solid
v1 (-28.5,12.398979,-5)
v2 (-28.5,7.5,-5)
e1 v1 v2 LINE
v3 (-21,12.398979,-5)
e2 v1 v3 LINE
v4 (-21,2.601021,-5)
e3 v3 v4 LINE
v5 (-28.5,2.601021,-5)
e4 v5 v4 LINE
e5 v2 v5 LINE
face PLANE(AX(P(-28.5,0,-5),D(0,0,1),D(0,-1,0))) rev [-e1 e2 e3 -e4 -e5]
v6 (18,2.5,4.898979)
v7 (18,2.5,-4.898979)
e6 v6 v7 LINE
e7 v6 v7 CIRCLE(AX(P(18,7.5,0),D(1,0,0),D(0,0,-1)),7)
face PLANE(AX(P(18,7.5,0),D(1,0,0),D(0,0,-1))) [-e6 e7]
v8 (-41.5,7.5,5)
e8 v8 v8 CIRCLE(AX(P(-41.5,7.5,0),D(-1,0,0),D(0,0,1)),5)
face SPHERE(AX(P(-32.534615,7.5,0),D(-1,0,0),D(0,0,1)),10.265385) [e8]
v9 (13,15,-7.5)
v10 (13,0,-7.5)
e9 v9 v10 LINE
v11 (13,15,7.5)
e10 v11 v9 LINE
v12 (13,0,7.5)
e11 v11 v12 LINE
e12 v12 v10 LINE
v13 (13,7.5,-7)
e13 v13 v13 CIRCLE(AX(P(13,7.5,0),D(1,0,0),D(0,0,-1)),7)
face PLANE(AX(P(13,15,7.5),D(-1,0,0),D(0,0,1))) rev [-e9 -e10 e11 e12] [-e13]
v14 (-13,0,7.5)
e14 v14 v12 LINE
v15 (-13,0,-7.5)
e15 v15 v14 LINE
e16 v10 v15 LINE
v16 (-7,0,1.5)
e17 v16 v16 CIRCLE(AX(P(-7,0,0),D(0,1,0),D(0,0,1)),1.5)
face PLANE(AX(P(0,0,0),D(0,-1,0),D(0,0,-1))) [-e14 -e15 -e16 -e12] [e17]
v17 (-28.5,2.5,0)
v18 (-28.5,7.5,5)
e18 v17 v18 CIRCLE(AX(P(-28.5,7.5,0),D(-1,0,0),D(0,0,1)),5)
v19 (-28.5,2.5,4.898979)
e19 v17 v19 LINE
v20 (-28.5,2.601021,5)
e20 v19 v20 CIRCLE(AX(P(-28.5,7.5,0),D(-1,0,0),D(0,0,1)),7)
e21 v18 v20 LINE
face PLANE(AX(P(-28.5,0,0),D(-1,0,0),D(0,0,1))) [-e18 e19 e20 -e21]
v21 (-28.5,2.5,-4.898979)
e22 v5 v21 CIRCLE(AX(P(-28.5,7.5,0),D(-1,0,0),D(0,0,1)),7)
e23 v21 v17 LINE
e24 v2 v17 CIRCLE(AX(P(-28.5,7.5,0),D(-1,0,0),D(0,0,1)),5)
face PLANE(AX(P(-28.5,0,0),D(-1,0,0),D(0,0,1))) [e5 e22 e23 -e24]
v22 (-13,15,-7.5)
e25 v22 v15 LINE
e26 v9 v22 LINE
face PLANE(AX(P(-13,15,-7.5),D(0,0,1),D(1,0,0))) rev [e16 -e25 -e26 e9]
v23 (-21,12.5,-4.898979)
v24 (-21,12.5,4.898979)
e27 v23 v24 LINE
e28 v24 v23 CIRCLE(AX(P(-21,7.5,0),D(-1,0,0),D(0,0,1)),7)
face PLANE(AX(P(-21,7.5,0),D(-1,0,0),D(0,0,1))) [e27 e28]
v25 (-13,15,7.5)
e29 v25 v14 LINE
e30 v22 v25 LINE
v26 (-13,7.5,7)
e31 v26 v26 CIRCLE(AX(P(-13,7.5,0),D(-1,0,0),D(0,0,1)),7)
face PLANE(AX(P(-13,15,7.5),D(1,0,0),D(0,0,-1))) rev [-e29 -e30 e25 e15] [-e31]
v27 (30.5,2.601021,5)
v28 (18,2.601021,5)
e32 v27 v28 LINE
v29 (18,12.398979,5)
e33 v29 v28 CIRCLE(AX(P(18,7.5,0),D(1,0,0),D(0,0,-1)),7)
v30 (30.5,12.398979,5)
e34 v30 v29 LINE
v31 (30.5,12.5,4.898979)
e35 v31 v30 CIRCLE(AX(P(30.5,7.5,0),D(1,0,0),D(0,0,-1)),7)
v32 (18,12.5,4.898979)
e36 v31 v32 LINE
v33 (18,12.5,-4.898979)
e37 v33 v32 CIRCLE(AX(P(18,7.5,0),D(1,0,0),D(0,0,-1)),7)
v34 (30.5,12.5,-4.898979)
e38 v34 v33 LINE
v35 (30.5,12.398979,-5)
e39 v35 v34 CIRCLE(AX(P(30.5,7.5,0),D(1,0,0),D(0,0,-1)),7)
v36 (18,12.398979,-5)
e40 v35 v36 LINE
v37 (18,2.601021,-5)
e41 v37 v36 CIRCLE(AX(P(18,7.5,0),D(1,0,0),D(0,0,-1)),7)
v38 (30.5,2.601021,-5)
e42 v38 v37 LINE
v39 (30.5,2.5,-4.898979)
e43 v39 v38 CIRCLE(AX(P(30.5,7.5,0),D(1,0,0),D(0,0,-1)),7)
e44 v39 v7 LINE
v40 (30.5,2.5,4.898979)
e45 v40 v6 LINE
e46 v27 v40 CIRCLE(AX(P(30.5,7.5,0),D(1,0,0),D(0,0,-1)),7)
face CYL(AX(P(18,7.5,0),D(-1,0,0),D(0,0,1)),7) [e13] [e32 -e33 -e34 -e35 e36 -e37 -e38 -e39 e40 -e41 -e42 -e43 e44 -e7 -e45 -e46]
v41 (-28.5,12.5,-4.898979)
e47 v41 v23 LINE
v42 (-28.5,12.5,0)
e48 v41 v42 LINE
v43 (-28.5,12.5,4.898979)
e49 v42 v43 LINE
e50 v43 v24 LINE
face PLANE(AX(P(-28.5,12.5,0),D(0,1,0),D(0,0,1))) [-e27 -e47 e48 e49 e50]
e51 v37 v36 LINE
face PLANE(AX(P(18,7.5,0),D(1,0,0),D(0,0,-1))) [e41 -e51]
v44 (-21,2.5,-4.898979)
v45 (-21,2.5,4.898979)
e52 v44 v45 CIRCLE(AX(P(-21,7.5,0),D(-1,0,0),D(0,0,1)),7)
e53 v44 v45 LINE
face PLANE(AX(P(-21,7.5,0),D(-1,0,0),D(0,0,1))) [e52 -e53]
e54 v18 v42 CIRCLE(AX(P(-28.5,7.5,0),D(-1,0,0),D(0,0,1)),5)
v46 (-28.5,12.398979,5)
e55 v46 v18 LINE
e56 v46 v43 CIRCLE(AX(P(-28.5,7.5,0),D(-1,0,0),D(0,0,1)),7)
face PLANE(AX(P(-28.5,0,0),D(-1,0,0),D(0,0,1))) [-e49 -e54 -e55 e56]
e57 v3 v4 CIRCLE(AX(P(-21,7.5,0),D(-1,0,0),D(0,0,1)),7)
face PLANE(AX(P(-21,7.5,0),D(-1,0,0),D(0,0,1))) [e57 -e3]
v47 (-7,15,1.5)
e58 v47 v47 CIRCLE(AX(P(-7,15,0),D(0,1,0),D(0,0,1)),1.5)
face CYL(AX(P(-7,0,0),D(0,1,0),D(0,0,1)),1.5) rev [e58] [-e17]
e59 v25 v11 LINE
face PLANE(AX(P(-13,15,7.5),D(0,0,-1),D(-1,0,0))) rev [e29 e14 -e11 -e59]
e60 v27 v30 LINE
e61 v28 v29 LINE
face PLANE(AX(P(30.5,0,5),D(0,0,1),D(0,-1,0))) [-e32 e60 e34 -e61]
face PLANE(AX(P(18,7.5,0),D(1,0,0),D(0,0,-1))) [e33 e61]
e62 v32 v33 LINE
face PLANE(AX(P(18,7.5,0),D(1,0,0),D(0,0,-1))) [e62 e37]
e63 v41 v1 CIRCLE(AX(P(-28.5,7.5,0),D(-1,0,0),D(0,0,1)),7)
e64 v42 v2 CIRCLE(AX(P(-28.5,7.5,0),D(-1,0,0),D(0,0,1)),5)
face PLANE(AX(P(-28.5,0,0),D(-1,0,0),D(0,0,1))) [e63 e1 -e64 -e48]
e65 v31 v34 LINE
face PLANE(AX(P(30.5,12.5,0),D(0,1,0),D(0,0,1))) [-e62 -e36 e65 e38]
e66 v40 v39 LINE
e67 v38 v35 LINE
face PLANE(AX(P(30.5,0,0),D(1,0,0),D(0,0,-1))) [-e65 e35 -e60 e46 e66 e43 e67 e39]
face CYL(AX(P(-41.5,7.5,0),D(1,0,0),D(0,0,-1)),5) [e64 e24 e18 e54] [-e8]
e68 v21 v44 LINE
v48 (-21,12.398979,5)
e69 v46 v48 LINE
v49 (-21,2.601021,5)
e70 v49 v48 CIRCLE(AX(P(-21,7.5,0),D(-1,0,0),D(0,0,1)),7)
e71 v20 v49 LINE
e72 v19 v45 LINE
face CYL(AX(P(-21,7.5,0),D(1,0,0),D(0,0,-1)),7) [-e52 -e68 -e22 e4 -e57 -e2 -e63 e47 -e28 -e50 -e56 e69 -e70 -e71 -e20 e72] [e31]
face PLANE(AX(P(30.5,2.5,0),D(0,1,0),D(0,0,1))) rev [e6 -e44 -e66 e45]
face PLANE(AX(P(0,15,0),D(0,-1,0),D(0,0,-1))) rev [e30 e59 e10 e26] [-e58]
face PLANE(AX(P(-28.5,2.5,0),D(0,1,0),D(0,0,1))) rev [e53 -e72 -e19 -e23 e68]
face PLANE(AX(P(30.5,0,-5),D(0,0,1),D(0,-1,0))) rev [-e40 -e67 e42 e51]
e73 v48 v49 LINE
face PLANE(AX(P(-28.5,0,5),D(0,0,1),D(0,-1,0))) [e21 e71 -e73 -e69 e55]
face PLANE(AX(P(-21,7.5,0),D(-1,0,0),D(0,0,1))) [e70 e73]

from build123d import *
from build123d.topology import SkipClean

# Parameters (mm, degrees)
SKETCH1_W           = 26
SKETCH1_H           = 15
BOSS_EXTRUDE1_DEPTH = 15
SKETCH2_R           = 1.5
CUT_EXTRUDE1_DEPTH  = 22.219095174
SKETCH3_R           = 7
BOSS_EXTRUDE2_DEPTH = 8
BOSS_EXTRUDE3_DEPTH = 7.5
SKETCH5_R           = 5
BOSS_EXTRUDE4_DEPTH = 13
BOSS_EXTRUDE5_START = 5
SKETCH6_R           = 7
BOSS_EXTRUDE5_DEPTH = 5
BOSS_EXTRUDE6_START = 12.5
BOSS_EXTRUDE6_DEPTH = 12.5
DOME1_FACE_RADIUS   = 5
DOME1_HEIGHT        = 1.3


with BuildPart() as part:
    # Sketch1 → Boss-Extrude1 (new body)
    with BuildSketch(Plane(origin=(0, 0, 0), x_dir=(1, 0, 0), z_dir=(0, 1, 0))):
        Rectangle(SKETCH1_W, SKETCH1_H)
    extrude(amount=BOSS_EXTRUDE1_DEPTH)

    # Sketch2 → Cut-Extrude1 (cut, through all)
    with BuildSketch(Plane(origin=(0, 15, 0), x_dir=(1, 0, 0), z_dir=(0, 1, 0))):
        with Locations(Location((-7, 0, 0), (0, 0, 270))):
            Circle(SKETCH2_R)
    extrude(amount=-CUT_EXTRUDE1_DEPTH, mode=Mode.SUBTRACT)

    # Sketch3 → Boss-Extrude2 (add)
    with BuildSketch(Plane.ZY.offset(13)):
        with Locations((0, 7.5)):
            Circle(SKETCH3_R)
    extrude(amount=BOSS_EXTRUDE2_DEPTH)

    # Sketch4 → Boss-Extrude3 (add)
    with BuildSketch(Plane.ZY.offset(21)):
        with BuildLine():
            Line((4.898979486, 12.5), (-4.898979486, 12.5))
            ThreePointArc((-4.898979486, 12.5), (-4.949747468, 12.449747468), (-5, 12.398979486))
            Line((-5, 12.398979486), (-5, 2.601020514))
            ThreePointArc((-5, 2.601020514), (-4.949747468, 2.550252532), (-4.898979486, 2.5))
            Line((-4.898979486, 2.5), (4.898979486, 2.5))
            ThreePointArc((4.898979486, 2.5), (4.949747468, 2.550252532), (5, 2.601020514))
            Line((5, 2.601020514), (5, 12.398979486))
            ThreePointArc((5, 12.398979486), (4.949747468, 12.449747468), (4.898979486, 12.5))
        make_face()
    extrude(amount=BOSS_EXTRUDE3_DEPTH)

    # Sketch5 → Boss-Extrude4 (add)
    with BuildSketch(Plane.ZY.offset(28.5)):
        with Locations((0, 7.5)):
            Circle(SKETCH5_R)
    extrude(amount=BOSS_EXTRUDE4_DEPTH)

    # Sketch6 → Boss-Extrude5 (add)
    with BuildSketch(Plane(origin=(13, 0, 0), x_dir=(0, 0, -1), z_dir=(1, 0, 0)).offset(BOSS_EXTRUDE5_START)):
        with Locations(Location((0, 7.5, 0), (0, 0, 315.584691403))):
            Circle(SKETCH6_R)
    extrude(amount=-BOSS_EXTRUDE5_DEPTH)

    # Sketch7 → Boss-Extrude6 (add)
    with SkipClean():  # the faces are left unmerged after this step: merging them gives an invalid solid
        with BuildSketch(Plane(origin=(18, 0, 0), x_dir=(0, 0, -1), z_dir=(1, 0, 0)).offset(BOSS_EXTRUDE6_START)):
            with BuildLine():
                ThreePointArc((-5, 2.601020514), (-4.949747468, 2.550252532), (-4.898979486, 2.5))
                Line((-4.898979486, 2.5), (4.898979486, 2.5))
                ThreePointArc((4.898979486, 2.5), (4.949747468, 2.550252532), (5, 2.601020514))
                Line((5, 2.601020514), (5, 12.398979486))
                ThreePointArc((5, 12.398979486), (4.949747468, 12.449747468), (4.898979486, 12.5))
                Line((4.898979486, 12.5), (-4.898979486, 12.5))
                ThreePointArc((-4.898979486, 12.5), (-4.949747468, 12.449747468), (-5, 12.398979486))
                Line((-5, 12.398979486), (-5, 2.601020514))
            make_face()
        extrude(amount=-BOSS_EXTRUDE6_DEPTH)

    # Dome1: a dome of height H over a round flat face of radius A is a cap of a sphere of radius (A * A + H * H) / (2 * H)
    dome1_r = (DOME1_FACE_RADIUS * DOME1_FACE_RADIUS + DOME1_HEIGHT * DOME1_HEIGHT) / (2 * DOME1_HEIGHT)
    dome1_base = Plane((-41.5, 7.5, 0), z_dir=(-1, 0, 0))
    with Locations(dome1_base.offset(DOME1_HEIGHT - dome1_r)):
        dome1_ball = Sphere(dome1_r, mode=Mode.PRIVATE)
    add(split(dome1_ball, bisect_by=dome1_base, keep=Keep.TOP, mode=Mode.PRIVATE))


solid = part.part
